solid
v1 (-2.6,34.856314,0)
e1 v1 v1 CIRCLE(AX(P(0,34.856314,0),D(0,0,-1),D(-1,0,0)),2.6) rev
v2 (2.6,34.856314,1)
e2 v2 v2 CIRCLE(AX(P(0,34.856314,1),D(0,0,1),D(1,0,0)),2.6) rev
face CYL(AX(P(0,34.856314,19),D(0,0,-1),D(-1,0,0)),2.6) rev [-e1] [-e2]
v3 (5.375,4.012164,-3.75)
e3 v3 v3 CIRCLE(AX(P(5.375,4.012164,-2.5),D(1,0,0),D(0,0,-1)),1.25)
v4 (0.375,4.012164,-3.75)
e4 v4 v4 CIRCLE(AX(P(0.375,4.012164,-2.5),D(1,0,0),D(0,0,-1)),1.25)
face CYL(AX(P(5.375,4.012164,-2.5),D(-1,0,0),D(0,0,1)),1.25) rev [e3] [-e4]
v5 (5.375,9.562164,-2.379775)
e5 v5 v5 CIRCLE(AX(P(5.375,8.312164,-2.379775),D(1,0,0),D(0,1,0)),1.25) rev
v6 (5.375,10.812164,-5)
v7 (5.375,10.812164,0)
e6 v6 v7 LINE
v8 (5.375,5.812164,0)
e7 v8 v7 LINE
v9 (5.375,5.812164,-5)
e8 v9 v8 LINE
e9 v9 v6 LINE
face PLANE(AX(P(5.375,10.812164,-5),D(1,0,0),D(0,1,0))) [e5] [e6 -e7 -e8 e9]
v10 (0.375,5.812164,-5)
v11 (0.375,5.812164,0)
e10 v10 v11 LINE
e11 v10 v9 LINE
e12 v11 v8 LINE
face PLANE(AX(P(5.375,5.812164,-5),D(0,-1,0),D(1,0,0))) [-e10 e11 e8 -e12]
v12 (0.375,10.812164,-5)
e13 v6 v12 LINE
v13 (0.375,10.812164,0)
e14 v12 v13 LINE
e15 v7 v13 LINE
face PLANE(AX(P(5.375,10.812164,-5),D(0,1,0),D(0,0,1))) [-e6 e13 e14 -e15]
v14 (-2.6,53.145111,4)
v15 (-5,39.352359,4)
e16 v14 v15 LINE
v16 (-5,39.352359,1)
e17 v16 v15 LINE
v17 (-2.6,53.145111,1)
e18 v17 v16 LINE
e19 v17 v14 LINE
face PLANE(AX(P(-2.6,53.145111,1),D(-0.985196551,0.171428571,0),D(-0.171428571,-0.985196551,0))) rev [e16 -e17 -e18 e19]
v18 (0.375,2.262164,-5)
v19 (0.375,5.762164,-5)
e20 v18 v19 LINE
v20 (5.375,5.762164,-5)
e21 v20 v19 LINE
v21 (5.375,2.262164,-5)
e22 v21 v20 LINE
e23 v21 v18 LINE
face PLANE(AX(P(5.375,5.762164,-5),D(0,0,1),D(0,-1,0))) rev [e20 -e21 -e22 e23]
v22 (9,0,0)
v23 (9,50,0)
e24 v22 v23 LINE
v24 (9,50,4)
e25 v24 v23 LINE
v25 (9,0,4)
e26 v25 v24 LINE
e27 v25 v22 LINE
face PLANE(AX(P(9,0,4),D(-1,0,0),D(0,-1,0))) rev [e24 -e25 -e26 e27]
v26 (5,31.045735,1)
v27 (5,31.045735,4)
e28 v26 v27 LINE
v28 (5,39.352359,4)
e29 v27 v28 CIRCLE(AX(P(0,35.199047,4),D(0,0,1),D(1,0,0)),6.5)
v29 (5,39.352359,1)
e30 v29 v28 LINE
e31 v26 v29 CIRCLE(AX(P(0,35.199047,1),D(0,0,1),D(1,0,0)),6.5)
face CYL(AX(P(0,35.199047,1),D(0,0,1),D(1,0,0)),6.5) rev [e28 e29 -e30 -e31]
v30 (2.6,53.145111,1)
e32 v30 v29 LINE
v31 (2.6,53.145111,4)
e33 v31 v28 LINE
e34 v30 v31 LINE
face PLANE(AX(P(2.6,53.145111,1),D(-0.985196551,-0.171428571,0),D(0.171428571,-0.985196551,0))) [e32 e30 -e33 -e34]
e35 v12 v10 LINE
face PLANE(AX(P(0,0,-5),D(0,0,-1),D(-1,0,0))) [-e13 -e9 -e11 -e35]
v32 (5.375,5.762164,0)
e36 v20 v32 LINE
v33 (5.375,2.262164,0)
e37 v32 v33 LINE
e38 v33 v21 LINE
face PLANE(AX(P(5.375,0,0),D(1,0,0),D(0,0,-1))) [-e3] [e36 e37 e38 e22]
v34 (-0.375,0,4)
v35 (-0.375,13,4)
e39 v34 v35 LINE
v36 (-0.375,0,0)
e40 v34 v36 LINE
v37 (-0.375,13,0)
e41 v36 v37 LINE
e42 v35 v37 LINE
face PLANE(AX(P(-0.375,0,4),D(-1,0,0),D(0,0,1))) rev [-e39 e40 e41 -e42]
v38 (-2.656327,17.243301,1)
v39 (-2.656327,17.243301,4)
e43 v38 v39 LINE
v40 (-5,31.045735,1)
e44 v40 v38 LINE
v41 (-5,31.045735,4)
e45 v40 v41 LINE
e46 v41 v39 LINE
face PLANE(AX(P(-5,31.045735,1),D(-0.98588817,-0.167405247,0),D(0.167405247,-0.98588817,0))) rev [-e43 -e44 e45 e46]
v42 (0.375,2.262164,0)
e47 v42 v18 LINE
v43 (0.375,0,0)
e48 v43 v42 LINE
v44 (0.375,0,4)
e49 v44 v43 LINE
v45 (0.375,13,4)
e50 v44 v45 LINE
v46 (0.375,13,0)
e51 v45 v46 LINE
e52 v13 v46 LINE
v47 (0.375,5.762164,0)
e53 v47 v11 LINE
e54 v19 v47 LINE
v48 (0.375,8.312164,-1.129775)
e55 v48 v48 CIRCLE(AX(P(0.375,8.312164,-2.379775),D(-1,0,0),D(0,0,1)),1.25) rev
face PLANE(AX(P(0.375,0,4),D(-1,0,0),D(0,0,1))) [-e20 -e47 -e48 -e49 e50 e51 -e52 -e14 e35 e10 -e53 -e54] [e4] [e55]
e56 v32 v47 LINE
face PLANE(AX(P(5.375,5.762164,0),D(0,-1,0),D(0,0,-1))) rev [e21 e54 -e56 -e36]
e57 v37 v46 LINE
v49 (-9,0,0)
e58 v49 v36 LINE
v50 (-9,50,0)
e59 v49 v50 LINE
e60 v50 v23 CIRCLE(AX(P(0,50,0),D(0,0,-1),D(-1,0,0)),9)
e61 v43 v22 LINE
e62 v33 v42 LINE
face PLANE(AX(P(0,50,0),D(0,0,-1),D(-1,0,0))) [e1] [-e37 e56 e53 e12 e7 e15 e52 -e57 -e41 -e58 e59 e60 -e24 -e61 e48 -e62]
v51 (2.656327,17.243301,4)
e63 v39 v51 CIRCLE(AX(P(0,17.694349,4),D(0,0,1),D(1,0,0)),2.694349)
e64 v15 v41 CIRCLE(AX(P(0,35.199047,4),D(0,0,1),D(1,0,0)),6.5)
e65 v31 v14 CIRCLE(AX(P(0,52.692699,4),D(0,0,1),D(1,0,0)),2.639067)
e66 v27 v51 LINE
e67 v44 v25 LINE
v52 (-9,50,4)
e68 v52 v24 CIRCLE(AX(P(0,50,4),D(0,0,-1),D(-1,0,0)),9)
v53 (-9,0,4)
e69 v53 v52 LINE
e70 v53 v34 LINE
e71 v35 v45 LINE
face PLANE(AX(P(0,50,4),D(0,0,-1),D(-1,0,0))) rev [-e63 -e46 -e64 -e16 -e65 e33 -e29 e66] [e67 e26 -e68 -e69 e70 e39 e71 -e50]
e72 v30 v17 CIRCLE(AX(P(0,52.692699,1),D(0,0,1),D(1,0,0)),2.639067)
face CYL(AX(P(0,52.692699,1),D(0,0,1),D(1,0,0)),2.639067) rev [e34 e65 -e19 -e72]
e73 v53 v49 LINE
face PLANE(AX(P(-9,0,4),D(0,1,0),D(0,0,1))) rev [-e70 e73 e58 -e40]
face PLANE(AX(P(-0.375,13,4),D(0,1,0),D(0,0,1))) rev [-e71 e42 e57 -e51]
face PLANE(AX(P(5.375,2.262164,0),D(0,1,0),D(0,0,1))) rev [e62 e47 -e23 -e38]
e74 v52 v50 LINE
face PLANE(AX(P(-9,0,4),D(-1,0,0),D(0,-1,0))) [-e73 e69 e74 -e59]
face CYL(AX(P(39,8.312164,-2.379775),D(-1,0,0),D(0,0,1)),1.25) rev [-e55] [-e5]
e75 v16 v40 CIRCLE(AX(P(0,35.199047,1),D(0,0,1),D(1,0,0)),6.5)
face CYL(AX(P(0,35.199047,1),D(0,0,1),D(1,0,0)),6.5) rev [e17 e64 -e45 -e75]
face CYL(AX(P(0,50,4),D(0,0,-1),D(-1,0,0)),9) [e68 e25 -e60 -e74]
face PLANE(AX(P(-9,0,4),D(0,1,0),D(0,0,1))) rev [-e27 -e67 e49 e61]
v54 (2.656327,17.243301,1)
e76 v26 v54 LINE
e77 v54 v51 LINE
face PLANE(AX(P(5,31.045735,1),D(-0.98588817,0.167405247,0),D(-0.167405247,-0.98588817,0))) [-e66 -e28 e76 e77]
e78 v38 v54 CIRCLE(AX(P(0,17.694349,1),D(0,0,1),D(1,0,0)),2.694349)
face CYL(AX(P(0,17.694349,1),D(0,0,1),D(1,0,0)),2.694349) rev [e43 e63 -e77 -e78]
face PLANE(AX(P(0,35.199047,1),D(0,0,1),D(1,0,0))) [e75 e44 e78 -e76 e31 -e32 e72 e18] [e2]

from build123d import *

# Parameters (mm, degrees)
EXTRUDE_1_DEPTH          = 4
CUT_EXTRUDE_1_DEPTH      = 3
SKETCH_4_R               = 2.6
CUT_EXTRUDE_9_DEPTH      = 19
CUT_EXTRUDE_9_DEPTH_BACK = 2
SKETCH_5_W               = 0.75
SKETCH_5_H               = 13
CUT_EXTRUDE_11_DEPTH     = 5
SKETCH_8_W               = 5
SKETCH_8_H               = 5
EXTRUDE_2_DEPTH          = 5
SKETCH_9_R               = 1.25
CUT_EXTRUDE_12_DEPTH     = 39
SKETCH_11_W              = 5
SKETCH_11_H              = 3.5
SKETCH_11_R              = 1.25
EXTRUDE_4_DEPTH          = 5


with BuildPart() as part:
    # 草圖1 → 填料-伸長1 (new body)
    with BuildSketch(Plane.XY):
        with BuildLine():
            Line((-9, 0), (-9, 50))
            ThreePointArc((-9, 50), (0, 59), (9, 50))
            Line((9, 50), (9, 0))
            Line((9, 0), (-9, 0))
        make_face()
    extrude(amount=EXTRUDE_1_DEPTH)

    # 草圖2 → 除料-伸長1 (cut)
    with BuildSketch(Plane.XY.offset(4)):
        with BuildLine():
            Line((-2.6, 53.145110573), (-5, 39.352358854))
            ThreePointArc((-5, 39.352358854), (-6.5, 35.199046922), (-5, 31.045734991))
            Line((-5, 31.045734991), (-2.656326538, 17.243300615))
            ThreePointArc((-2.656326538, 17.243300615), (0, 15), (2.656326538, 17.243300615))
            Line((2.656326538, 17.243300615), (5, 31.045734991))
            ThreePointArc((5, 31.045734991), (6.5, 35.199046922), (5, 39.352358854))
            Line((5, 39.352358854), (2.6, 53.145110573))
            ThreePointArc((2.6, 53.145110573), (0, 55.331766334), (-2.6, 53.145110573))
        make_face()
    extrude(amount=-CUT_EXTRUDE_1_DEPTH, mode=Mode.SUBTRACT)

    # 草圖4 → 除料-伸長9 (cut, two sides)
    with BuildSketch(Plane.XY) as cut_extrude_9_sk:
        with Locations((0, 34.856314216)):
            Circle(SKETCH_4_R)
    extrude(amount=CUT_EXTRUDE_9_DEPTH, mode=Mode.SUBTRACT)
    extrude(cut_extrude_9_sk.sketch, amount=-CUT_EXTRUDE_9_DEPTH_BACK, mode=Mode.SUBTRACT)

    # 草圖5 → 除料-伸長11 (cut, through all)
    with BuildSketch(Plane.XY):
        with Locations((0, 6.5)):
            Rectangle(SKETCH_5_W, SKETCH_5_H)
    extrude(amount=CUT_EXTRUDE_11_DEPTH, mode=Mode.SUBTRACT)

    # 草圖8 → 填料-伸長2 (add)
    with BuildSketch(Plane.XY):
        with Locations((2.875, 8.312164066)):
            Rectangle(SKETCH_8_W, SKETCH_8_H)
    extrude(amount=-EXTRUDE_2_DEPTH)

    # 草圖9 → 除料-伸長12 (cut)
    with BuildSketch(Plane(origin=(0, 0, 0), x_dir=(0, 0, -1), z_dir=(1, 0, 0))):
        with Locations((2.379774756, 8.312164066)):
            Circle(SKETCH_9_R)
    extrude(amount=CUT_EXTRUDE_12_DEPTH, mode=Mode.SUBTRACT)

    # 草圖11 → 填料-伸長4 (add)
    with BuildSketch(Plane(origin=(0.375, 0, 0), x_dir=(0, 0, -1), z_dir=(1, 0, 0))):
        with Locations((2.5, 4.012164066)):
            Rectangle(SKETCH_11_W, SKETCH_11_H)
        with Locations((2.5, 4.012164066)):
            Circle(SKETCH_11_R, mode=Mode.SUBTRACT)
    extrude(amount=EXTRUDE_4_DEPTH)


solid = part.part
